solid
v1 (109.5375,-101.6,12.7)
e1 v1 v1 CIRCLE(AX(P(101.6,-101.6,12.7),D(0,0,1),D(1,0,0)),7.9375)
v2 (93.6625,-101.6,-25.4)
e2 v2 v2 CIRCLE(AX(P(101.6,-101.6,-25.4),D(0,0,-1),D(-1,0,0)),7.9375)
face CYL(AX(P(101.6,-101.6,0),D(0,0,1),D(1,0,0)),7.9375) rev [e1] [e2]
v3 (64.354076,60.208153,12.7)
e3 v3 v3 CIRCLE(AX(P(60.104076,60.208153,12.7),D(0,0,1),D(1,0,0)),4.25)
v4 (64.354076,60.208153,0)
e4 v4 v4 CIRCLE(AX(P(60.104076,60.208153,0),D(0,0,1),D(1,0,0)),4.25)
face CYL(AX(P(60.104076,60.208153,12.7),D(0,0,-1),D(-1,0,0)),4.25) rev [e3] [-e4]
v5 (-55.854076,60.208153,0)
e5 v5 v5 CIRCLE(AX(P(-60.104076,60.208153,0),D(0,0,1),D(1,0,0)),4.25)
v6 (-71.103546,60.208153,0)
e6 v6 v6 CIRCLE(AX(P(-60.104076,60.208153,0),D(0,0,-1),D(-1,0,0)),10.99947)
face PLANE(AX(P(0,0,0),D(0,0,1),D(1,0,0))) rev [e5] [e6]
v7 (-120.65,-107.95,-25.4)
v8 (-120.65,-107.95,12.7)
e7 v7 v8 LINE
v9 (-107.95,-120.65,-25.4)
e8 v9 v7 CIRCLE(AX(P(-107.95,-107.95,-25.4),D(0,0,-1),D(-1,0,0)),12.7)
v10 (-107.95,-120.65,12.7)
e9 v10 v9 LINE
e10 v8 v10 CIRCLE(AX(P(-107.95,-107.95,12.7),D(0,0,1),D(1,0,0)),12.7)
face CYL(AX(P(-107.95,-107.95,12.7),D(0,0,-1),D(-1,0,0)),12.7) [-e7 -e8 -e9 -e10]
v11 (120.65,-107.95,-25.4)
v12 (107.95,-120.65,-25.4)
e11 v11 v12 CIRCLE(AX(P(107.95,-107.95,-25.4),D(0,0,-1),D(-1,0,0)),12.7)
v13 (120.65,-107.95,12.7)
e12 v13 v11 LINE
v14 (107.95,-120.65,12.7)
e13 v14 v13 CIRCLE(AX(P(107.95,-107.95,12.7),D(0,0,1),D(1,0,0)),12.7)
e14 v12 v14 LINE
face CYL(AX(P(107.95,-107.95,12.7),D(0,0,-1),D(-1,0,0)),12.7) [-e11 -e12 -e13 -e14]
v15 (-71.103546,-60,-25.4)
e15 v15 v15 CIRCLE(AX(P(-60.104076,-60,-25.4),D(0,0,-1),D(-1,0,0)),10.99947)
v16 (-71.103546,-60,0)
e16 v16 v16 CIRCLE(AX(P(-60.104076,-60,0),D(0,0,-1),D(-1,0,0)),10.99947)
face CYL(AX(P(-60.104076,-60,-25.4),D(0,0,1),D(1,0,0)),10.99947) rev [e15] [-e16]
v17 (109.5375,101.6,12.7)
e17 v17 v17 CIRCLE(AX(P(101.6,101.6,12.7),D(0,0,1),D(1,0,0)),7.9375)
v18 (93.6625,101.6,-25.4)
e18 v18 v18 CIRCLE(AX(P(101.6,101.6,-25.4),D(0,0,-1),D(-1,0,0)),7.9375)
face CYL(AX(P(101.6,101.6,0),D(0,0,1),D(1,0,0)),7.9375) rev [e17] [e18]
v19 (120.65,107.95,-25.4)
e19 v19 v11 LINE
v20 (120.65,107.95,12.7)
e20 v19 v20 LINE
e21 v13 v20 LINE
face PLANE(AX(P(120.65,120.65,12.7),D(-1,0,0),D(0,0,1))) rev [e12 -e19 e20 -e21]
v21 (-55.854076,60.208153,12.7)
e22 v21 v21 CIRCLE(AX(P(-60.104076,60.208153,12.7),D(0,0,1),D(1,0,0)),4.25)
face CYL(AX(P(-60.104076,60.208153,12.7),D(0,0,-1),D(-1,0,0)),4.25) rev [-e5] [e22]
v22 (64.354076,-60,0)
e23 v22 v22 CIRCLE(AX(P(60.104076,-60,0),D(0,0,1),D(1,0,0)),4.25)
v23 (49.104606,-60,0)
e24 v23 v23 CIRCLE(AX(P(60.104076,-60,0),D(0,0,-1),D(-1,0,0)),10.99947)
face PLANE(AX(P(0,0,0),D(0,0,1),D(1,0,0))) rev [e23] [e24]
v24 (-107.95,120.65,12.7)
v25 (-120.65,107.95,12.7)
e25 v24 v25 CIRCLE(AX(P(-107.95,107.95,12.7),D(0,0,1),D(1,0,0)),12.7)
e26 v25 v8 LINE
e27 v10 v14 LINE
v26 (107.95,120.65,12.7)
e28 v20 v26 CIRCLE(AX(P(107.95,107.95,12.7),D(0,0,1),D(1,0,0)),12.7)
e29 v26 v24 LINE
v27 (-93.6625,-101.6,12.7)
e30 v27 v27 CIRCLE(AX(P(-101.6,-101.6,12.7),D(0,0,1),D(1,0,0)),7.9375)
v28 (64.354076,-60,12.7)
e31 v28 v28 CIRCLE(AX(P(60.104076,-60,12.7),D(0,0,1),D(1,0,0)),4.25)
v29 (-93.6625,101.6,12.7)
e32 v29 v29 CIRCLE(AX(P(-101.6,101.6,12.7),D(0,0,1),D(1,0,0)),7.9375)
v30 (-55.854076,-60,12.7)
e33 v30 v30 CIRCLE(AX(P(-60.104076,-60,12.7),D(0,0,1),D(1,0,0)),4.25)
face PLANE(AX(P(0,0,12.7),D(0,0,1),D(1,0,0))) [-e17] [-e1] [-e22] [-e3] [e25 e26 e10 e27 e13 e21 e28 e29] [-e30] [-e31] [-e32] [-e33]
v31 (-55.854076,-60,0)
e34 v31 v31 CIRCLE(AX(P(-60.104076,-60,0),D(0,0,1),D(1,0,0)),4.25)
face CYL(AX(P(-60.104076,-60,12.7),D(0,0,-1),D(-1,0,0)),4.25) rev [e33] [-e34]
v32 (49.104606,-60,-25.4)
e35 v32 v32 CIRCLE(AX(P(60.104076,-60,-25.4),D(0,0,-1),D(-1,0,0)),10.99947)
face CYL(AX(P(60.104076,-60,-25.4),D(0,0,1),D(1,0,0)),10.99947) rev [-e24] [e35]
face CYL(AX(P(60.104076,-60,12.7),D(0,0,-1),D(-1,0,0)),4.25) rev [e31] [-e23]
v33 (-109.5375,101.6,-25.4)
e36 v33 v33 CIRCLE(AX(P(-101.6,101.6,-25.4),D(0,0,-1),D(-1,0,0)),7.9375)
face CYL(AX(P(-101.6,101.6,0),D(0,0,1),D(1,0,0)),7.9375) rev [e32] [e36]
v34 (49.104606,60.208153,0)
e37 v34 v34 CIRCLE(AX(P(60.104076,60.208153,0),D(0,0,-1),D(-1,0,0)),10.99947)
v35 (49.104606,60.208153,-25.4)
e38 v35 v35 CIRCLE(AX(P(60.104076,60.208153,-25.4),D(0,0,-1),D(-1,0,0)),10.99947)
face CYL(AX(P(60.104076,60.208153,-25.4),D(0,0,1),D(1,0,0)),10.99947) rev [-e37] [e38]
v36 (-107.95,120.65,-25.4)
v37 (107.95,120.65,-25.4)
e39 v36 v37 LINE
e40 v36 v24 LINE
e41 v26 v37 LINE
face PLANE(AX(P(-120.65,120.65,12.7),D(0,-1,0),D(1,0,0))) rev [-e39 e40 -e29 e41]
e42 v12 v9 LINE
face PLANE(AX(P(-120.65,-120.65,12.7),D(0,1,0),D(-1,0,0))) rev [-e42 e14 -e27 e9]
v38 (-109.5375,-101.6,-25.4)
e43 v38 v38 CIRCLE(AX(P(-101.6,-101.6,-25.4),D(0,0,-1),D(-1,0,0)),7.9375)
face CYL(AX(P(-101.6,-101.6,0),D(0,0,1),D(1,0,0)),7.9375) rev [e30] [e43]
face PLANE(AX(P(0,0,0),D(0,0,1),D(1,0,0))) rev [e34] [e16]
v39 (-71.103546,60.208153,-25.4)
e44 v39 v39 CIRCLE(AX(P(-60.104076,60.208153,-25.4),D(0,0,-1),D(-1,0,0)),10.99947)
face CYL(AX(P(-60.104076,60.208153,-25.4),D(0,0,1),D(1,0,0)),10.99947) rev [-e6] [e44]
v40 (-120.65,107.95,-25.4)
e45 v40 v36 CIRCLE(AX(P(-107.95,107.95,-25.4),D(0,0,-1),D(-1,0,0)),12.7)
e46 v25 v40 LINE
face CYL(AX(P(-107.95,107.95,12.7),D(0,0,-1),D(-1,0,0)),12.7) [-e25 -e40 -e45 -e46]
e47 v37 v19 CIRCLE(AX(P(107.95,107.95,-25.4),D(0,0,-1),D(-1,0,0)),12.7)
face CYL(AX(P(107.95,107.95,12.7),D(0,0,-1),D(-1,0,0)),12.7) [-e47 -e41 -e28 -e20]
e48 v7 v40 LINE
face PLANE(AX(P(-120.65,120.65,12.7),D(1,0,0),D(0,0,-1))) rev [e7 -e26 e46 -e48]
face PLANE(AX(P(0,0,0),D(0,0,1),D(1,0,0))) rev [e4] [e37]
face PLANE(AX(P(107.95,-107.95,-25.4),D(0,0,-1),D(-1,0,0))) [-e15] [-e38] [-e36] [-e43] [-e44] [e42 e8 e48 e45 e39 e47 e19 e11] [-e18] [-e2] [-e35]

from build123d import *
from build123d.topology import SkipClean

# Parameters (mm, degrees)
SKETCH3_W           = 241.3
SKETCH3_H           = 241.3
SKETCH3_R           = 4.25
BOSS_EXTRUDE1_DEPTH = 12.7
SKETCH4_R           = 7.9375
CUT_EXTRUDE1_DEPTH  = 172.096858533
FILLET1_R           = 12.7
SKETCH5_R           = 7.9375
SKETCH5_R_2         = 10.99947
BOSS_EXTRUDE2_DEPTH = 25.4


with BuildPart() as part:
    # Sketch3 → Boss-Extrude1 (new body)
    with BuildSketch(Plane.XY):
        Rectangle(SKETCH3_W, SKETCH3_H)
        with Locations((-60.104076401, 60.208152802)):
            Circle(SKETCH3_R, mode=Mode.SUBTRACT)
        with Locations((60.104076401, 60.208152802)):
            Circle(SKETCH3_R, mode=Mode.SUBTRACT)
        with Locations((60.104076401, -60)):
            Circle(SKETCH3_R, mode=Mode.SUBTRACT)
        with Locations((-60.104076401, -60)):
            Circle(SKETCH3_R, mode=Mode.SUBTRACT)
    extrude(amount=BOSS_EXTRUDE1_DEPTH)

    # Sketch4 → Cut-Extrude1 (cut, through all)
    with BuildSketch(Plane.XY.offset(12.7)):
        with Locations((-101.6, -101.6)):
            Circle(SKETCH4_R)
        with Locations((101.6, -101.6)):
            Circle(SKETCH4_R)
        with Locations((101.6, 101.6)):
            Circle(SKETCH4_R)
        with Locations((-101.6, 101.6)):
            Circle(SKETCH4_R)
    extrude(amount=-CUT_EXTRUDE1_DEPTH, mode=Mode.SUBTRACT)

    # Fillet1
    fillet1_edges = [part.edges().sort_by_distance(p)[0] for p in [
        (-120.65, -120.65, 6.35),
        (-120.65, 120.65, 6.35),
        (120.65, 120.65, 6.35),
        (120.65, -120.65, 6.35),
    ]]
    fillet(fillet1_edges, radius=FILLET1_R)

    # Sketch5 → Boss-Extrude2 (add)
    with SkipClean():  # the faces are left unmerged after this step: merging them gives an invalid solid
        with BuildSketch(Plane(origin=(0, 0, 0), x_dir=(-1, 0, 0), z_dir=(0, 0, -1))):
            with BuildLine():
                Line((-107.95, -120.65), (107.95, -120.65))
                ThreePointArc((107.95, -120.65), (116.930256121, -116.930256121), (120.65, -107.95))
                Line((120.65, -107.95), (120.65, 107.95))
                ThreePointArc((120.65, 107.95), (116.930256121, 116.930256121), (107.95, 120.65))
                Line((107.95, 120.65), (-107.95, 120.65))
                ThreePointArc((-107.95, 120.65), (-116.930256121, 116.930256121), (-120.65, 107.95))
                Line((-120.65, 107.95), (-120.65, -107.95))
                ThreePointArc((-120.65, -107.95), (-116.930256121, -116.930256121), (-107.95, -120.65))
            make_face()
            with Locations((101.6, 101.6)):
                Circle(SKETCH5_R, mode=Mode.SUBTRACT)
            with Locations((101.6, -101.6)):
                Circle(SKETCH5_R, mode=Mode.SUBTRACT)
            with Locations((-101.6, -101.6)):
                Circle(SKETCH5_R, mode=Mode.SUBTRACT)
            with Locations((-101.6, 101.6)):
                Circle(SKETCH5_R, mode=Mode.SUBTRACT)
            with Locations((-60.104076401, 60.208152802)):
                Circle(SKETCH5_R_2, mode=Mode.SUBTRACT)
            with Locations((60.104076401, 60.208152802)):
                Circle(SKETCH5_R_2, mode=Mode.SUBTRACT)
            with Locations((60.104076401, -60)):
                Circle(SKETCH5_R_2, mode=Mode.SUBTRACT)
            with Locations((-60.104076401, -60)):
                Circle(SKETCH5_R_2, mode=Mode.SUBTRACT)
        extrude(amount=BOSS_EXTRUDE2_DEPTH)


solid = part.part
